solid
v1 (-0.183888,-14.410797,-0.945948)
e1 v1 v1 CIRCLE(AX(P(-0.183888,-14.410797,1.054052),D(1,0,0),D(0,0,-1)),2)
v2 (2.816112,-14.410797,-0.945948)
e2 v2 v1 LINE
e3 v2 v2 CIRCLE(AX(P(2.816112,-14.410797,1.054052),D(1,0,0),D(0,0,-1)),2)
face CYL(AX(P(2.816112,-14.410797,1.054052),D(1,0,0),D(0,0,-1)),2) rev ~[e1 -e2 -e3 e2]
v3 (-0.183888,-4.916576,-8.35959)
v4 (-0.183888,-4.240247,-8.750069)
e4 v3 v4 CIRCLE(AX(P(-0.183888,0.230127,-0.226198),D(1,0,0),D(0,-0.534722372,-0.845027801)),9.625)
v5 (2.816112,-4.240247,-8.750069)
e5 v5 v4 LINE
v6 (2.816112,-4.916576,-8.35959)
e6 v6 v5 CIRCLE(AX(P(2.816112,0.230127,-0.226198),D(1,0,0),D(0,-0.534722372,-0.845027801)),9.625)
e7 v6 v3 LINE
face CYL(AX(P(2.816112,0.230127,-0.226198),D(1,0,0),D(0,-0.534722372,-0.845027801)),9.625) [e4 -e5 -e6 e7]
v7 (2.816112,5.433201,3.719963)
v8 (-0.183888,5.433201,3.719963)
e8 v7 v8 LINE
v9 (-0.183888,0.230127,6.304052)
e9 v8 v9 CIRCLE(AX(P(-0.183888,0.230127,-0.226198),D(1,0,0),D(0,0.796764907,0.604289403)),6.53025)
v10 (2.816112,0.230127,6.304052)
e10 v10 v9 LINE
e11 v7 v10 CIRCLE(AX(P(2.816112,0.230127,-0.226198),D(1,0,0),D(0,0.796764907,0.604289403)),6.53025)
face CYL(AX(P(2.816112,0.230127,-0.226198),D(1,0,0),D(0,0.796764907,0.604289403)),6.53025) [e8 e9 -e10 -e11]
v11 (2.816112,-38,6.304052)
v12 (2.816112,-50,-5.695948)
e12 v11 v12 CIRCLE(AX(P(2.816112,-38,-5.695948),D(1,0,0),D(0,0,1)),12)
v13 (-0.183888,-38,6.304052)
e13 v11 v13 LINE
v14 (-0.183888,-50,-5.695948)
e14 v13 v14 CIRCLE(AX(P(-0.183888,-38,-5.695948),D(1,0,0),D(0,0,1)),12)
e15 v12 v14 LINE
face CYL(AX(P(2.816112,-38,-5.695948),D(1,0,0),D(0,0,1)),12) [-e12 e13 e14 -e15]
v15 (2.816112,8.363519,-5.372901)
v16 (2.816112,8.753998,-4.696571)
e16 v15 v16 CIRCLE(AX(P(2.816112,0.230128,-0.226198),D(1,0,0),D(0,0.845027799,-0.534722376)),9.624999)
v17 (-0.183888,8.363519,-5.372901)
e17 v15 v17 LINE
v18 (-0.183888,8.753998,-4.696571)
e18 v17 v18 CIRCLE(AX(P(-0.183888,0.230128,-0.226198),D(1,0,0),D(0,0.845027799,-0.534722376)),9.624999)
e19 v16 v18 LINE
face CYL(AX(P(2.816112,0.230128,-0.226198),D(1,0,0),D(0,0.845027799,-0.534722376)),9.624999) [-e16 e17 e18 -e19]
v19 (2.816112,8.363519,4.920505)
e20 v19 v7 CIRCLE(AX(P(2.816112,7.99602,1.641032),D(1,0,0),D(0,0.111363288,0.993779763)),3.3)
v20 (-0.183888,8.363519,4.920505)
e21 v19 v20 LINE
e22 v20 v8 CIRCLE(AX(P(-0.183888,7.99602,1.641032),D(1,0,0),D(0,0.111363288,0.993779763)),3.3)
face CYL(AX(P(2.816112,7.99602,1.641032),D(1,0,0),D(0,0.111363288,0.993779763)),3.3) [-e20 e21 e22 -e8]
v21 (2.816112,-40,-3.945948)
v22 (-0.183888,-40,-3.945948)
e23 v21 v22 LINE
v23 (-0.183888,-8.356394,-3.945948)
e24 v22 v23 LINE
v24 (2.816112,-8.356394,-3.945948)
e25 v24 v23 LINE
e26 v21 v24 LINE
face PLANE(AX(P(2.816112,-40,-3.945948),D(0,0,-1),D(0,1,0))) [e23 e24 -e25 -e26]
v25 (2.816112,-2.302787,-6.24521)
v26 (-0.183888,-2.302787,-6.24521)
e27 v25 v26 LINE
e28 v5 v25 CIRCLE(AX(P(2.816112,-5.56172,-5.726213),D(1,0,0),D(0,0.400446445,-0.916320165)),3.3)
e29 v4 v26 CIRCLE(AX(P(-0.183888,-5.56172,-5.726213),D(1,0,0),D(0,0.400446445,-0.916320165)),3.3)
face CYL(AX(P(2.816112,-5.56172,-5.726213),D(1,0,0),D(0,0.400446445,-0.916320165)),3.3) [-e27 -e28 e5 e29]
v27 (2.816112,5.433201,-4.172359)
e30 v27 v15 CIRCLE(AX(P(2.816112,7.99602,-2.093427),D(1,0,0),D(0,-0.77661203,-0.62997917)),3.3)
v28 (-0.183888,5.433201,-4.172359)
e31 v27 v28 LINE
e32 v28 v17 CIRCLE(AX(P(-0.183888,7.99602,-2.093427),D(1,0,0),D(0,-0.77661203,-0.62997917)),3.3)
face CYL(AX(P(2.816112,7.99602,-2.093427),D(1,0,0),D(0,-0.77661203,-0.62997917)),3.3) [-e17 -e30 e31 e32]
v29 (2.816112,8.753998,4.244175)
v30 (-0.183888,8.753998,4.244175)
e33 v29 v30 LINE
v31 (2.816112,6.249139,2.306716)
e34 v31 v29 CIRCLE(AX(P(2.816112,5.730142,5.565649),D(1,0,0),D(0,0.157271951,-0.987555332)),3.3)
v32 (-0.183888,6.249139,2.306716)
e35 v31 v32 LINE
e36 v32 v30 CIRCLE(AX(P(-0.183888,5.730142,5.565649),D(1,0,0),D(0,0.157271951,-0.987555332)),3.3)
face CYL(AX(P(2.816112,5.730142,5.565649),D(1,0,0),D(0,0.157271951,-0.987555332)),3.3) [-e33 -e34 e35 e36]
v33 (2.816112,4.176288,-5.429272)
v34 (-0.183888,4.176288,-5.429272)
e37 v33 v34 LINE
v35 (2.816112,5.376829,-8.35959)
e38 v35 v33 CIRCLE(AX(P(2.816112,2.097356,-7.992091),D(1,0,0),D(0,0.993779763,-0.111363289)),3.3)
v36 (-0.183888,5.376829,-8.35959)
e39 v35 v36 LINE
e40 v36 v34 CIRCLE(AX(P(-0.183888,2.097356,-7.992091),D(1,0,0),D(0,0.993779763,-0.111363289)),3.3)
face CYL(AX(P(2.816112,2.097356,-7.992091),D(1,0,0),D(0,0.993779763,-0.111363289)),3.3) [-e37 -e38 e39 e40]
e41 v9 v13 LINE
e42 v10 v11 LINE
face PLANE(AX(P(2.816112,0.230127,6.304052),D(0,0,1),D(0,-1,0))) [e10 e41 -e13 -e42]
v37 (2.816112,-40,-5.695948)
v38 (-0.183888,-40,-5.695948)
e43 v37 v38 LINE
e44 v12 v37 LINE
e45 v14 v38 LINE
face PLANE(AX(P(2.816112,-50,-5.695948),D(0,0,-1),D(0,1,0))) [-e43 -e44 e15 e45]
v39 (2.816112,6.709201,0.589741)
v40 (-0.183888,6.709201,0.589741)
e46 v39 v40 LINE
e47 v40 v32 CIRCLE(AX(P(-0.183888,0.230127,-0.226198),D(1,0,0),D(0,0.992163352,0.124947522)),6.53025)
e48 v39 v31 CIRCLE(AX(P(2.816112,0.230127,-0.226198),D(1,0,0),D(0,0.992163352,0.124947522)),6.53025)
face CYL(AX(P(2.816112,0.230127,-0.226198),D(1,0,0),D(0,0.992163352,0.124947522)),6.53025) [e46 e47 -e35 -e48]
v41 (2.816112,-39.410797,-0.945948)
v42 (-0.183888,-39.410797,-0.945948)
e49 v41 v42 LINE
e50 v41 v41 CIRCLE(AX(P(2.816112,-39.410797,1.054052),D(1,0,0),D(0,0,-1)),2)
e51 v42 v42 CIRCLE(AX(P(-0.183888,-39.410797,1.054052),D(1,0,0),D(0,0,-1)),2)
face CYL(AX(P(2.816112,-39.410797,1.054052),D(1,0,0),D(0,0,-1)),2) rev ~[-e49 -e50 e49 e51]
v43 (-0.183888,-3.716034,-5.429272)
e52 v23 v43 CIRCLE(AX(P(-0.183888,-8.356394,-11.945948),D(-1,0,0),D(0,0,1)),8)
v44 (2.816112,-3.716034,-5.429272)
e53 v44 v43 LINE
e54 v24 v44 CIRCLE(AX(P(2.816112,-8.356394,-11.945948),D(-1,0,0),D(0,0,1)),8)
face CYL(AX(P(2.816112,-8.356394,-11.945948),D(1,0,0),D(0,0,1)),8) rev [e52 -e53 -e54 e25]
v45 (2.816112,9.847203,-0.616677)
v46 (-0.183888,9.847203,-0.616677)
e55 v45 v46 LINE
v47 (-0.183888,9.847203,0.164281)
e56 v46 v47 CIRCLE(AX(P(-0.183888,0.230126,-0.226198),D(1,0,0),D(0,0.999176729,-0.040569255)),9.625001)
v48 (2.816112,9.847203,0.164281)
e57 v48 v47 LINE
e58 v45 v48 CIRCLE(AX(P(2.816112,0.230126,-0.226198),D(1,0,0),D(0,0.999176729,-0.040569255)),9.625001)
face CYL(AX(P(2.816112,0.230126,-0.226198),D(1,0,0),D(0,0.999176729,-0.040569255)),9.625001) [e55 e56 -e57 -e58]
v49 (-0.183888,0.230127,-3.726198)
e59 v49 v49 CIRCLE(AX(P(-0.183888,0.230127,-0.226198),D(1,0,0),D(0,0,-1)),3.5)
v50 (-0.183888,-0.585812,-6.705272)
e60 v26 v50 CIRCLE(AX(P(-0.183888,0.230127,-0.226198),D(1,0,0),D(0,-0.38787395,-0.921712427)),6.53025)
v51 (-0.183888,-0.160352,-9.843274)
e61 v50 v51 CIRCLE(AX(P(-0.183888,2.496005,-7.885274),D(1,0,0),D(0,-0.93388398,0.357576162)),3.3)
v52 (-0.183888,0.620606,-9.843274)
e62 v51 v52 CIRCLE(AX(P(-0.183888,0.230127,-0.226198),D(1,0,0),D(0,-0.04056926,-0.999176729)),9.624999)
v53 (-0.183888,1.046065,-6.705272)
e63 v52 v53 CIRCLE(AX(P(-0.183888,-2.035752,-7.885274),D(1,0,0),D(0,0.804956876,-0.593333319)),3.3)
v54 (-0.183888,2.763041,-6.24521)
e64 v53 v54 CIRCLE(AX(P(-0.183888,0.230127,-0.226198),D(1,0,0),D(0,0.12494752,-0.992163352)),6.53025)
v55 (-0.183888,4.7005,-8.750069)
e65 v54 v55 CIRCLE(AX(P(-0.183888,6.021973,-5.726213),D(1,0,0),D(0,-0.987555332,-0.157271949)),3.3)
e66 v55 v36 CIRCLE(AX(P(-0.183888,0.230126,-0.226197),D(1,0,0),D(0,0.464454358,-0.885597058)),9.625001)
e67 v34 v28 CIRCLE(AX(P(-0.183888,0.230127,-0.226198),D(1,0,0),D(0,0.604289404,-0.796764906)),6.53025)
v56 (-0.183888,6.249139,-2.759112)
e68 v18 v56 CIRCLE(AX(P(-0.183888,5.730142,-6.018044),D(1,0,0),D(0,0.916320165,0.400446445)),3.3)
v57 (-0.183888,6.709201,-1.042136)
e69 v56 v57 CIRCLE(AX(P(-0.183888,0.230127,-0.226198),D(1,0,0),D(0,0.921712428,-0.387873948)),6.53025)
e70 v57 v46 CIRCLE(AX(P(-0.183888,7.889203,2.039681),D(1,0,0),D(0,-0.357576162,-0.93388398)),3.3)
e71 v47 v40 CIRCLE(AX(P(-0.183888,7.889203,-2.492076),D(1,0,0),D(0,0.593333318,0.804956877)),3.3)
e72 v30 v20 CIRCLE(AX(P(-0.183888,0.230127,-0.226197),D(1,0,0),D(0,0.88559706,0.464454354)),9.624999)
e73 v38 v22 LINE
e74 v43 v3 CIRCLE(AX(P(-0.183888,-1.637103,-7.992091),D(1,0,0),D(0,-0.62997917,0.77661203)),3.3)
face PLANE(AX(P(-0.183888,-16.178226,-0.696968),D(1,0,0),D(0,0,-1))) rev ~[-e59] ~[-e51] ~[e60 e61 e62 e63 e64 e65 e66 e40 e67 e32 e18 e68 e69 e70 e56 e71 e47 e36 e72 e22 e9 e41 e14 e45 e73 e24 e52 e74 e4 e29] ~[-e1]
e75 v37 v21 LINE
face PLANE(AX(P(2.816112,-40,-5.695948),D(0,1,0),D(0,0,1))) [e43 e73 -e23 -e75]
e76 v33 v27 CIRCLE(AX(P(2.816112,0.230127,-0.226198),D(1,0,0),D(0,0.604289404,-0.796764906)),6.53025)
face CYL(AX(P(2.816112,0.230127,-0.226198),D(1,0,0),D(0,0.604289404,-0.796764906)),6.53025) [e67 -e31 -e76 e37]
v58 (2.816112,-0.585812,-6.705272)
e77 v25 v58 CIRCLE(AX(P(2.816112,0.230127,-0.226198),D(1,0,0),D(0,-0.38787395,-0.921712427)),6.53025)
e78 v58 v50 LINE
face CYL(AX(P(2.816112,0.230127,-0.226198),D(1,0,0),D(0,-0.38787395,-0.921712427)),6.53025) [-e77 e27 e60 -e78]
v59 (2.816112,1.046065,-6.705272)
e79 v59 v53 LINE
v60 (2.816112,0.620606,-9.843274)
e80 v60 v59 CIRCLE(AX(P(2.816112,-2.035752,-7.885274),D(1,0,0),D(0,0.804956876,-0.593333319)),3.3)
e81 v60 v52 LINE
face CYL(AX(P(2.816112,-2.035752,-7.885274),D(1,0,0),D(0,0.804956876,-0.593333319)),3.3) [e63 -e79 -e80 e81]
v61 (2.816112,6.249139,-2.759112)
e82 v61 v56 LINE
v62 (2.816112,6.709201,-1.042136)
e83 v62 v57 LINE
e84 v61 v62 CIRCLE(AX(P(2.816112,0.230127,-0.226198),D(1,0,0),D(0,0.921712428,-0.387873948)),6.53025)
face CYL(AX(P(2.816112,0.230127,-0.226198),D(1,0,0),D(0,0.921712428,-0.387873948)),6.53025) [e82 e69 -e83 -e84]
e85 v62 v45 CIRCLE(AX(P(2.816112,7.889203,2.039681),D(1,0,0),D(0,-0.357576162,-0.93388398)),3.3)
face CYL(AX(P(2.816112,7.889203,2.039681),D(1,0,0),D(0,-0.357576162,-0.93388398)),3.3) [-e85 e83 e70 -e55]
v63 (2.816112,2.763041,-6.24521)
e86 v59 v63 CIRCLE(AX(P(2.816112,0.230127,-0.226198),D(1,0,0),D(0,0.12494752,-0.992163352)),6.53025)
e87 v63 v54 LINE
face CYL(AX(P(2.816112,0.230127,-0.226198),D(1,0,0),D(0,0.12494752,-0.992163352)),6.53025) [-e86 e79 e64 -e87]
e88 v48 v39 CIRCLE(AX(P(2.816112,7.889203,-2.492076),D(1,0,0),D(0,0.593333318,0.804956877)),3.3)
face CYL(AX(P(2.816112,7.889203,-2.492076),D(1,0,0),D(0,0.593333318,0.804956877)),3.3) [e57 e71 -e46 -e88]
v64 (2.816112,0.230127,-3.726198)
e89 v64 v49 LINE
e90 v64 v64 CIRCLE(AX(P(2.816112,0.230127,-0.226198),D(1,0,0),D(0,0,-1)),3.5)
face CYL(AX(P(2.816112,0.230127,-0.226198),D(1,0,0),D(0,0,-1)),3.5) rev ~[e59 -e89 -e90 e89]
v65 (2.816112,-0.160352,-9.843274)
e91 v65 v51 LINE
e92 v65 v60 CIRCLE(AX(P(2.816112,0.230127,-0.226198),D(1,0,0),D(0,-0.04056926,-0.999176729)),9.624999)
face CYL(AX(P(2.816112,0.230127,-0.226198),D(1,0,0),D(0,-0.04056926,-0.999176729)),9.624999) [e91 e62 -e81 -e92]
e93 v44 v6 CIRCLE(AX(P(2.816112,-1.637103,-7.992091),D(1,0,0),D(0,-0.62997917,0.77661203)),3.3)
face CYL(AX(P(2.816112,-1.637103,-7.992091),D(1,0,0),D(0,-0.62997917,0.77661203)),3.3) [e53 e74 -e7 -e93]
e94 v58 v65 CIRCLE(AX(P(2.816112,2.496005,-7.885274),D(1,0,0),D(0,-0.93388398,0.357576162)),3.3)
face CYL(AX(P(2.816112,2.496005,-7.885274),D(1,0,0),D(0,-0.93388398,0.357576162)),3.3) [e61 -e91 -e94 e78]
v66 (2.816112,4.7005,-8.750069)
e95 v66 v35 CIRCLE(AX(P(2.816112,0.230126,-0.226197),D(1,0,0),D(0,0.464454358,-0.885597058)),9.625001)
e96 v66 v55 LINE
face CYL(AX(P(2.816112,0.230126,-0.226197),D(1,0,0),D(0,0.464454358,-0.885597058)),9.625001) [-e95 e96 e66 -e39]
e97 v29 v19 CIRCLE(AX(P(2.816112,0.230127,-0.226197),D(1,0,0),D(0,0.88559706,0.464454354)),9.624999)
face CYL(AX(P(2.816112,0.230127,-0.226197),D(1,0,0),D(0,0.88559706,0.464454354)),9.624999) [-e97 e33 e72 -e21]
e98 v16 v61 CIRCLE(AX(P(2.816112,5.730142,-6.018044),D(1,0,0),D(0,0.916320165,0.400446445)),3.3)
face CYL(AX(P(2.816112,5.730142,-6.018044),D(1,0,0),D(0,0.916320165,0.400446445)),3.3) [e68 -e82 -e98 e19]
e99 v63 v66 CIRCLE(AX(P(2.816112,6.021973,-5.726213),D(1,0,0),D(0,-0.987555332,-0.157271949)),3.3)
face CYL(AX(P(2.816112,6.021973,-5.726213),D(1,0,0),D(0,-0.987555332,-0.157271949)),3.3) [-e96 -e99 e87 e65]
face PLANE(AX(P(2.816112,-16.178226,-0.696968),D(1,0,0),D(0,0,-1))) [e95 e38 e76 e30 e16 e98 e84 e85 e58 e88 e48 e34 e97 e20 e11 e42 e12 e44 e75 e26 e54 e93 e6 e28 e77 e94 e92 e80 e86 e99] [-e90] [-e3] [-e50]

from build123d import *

# Parameters (mm, degrees)
CROQUIS1_R              = 2
CROQUIS1_R_2            = 3.5
SALIENTE_EXTRUIR1_DEPTH = 3


with BuildPart() as part:
    # Croquis1 → Saliente-Extruir1 (new body)
    with BuildSketch(Plane(origin=(2.816112381, 0, 0), x_dir=(0, 0, -1), z_dir=(1, 0, 0))):
        with BuildLine():
            Line((-6.304052244, 0.230126664), (-6.304052244, -38))
            ThreePointArc((-6.304052244, -38), (-2.789333619, -46.485281374), (5.695947756, -50))
            Line((5.695947756, -50), (5.695947756, -40))
            Line((5.695947756, -40), (3.945947756, -40))
            Line((3.945947756, -40), (3.945947756, -8.356393503))
            ThreePointArc((3.945947756, -8.356393503), (4.325796585, -5.920557684), (5.42927179, -3.716034211))
            ThreePointArc((5.42927179, -3.716034211), (6.741018488, -4.690759176), (8.359590341, -4.916576169))
            ThreePointArc((8.359590341, -4.916576169), (8.561692267, -4.582373336), (8.750069448, -4.240246517))
            ThreePointArc((8.750069448, -4.240246517), (7.745220269, -2.951430671), (6.245210338, -2.302787189))
            ThreePointArc((6.245210338, -2.302787189), (6.533934883, -1.460026405), (6.705272485, -0.585811884))
            ThreePointArc((6.705272485, -0.585811884), (8.328640931, -0.774075116), (9.84327377, -0.160352443))
            ThreePointArc((9.84327377, -0.160352443), (9.851197756, 0.230126664), (9.84327377, 0.620605771))
            ThreePointArc((9.84327377, 0.620605771), (8.328640931, 1.234328445), (6.705272485, 1.046065213))
            ThreePointArc((6.705272485, 1.046065213), (6.533934883, 1.920279734), (6.245210338, 2.763040518))
            ThreePointArc((6.245210338, 2.763040518), (7.745220269, 3.411683999), (8.750069448, 4.700499845))
            ThreePointArc((8.750069448, 4.700499845), (8.561692267, 5.042626664), (8.359590341, 5.376829498))
            ThreePointArc((8.359590341, 5.376829498), (6.741018488, 5.151012505), (5.42927179, 4.17628754))
            ThreePointArc((5.42927179, 4.17628754), (4.843781813, 4.847710722), (4.172358631, 5.433200699))
            ThreePointArc((4.172358631, 5.433200699), (5.147083596, 6.744947397), (5.372900589, 8.363519249))
            ThreePointArc((5.372900589, 8.363519249), (5.038697756, 8.565621176), (4.696570936, 8.753998356))
            ThreePointArc((4.696570936, 8.753998356), (3.407755091, 7.749149177), (2.759111609, 6.249139247))
            ThreePointArc((2.759111609, 6.249139247), (1.916350825, 6.537863791), (1.042136304, 6.709201394))
            ThreePointArc((1.042136304, 6.709201394), (1.230399536, 8.33256984), (0.616676863, 9.847202679))
            ThreePointArc((0.616676863, 9.847202679), (0.226197756, 9.855126664), (-0.164281352, 9.847202679))
            ThreePointArc((-0.164281352, 9.847202679), (-0.778004025, 8.33256984), (-0.589740793, 6.709201394))
            ThreePointArc((-0.589740793, 6.709201394), (-1.463955314, 6.537863791), (-2.306716098, 6.249139247))
            ThreePointArc((-2.306716098, 6.249139247), (-2.95535958, 7.749149177), (-4.244175425, 8.753998356))
            ThreePointArc((-4.244175425, 8.753998356), (-4.586302244, 8.565621176), (-4.920505078, 8.363519249))
            ThreePointArc((-4.920505078, 8.363519249), (-4.694688085, 6.744947397), (-3.71996312, 5.433200699))
            ThreePointArc((-3.71996312, 5.433200699), (-5.622459446, 3.134842486), (-6.304052244, 0.230126664))
        make_face()
        with Locations((-1.054052244, -14.410797367)):
            Circle(CROQUIS1_R, mode=Mode.SUBTRACT)
        with Locations((-1.054052244, -39.410797367)):
            Circle(CROQUIS1_R, mode=Mode.SUBTRACT)
        with Locations((0.226197756, 0.230126664)):
            Circle(CROQUIS1_R_2, mode=Mode.SUBTRACT)
    extrude(amount=-SALIENTE_EXTRUIR1_DEPTH)


solid = part.part
